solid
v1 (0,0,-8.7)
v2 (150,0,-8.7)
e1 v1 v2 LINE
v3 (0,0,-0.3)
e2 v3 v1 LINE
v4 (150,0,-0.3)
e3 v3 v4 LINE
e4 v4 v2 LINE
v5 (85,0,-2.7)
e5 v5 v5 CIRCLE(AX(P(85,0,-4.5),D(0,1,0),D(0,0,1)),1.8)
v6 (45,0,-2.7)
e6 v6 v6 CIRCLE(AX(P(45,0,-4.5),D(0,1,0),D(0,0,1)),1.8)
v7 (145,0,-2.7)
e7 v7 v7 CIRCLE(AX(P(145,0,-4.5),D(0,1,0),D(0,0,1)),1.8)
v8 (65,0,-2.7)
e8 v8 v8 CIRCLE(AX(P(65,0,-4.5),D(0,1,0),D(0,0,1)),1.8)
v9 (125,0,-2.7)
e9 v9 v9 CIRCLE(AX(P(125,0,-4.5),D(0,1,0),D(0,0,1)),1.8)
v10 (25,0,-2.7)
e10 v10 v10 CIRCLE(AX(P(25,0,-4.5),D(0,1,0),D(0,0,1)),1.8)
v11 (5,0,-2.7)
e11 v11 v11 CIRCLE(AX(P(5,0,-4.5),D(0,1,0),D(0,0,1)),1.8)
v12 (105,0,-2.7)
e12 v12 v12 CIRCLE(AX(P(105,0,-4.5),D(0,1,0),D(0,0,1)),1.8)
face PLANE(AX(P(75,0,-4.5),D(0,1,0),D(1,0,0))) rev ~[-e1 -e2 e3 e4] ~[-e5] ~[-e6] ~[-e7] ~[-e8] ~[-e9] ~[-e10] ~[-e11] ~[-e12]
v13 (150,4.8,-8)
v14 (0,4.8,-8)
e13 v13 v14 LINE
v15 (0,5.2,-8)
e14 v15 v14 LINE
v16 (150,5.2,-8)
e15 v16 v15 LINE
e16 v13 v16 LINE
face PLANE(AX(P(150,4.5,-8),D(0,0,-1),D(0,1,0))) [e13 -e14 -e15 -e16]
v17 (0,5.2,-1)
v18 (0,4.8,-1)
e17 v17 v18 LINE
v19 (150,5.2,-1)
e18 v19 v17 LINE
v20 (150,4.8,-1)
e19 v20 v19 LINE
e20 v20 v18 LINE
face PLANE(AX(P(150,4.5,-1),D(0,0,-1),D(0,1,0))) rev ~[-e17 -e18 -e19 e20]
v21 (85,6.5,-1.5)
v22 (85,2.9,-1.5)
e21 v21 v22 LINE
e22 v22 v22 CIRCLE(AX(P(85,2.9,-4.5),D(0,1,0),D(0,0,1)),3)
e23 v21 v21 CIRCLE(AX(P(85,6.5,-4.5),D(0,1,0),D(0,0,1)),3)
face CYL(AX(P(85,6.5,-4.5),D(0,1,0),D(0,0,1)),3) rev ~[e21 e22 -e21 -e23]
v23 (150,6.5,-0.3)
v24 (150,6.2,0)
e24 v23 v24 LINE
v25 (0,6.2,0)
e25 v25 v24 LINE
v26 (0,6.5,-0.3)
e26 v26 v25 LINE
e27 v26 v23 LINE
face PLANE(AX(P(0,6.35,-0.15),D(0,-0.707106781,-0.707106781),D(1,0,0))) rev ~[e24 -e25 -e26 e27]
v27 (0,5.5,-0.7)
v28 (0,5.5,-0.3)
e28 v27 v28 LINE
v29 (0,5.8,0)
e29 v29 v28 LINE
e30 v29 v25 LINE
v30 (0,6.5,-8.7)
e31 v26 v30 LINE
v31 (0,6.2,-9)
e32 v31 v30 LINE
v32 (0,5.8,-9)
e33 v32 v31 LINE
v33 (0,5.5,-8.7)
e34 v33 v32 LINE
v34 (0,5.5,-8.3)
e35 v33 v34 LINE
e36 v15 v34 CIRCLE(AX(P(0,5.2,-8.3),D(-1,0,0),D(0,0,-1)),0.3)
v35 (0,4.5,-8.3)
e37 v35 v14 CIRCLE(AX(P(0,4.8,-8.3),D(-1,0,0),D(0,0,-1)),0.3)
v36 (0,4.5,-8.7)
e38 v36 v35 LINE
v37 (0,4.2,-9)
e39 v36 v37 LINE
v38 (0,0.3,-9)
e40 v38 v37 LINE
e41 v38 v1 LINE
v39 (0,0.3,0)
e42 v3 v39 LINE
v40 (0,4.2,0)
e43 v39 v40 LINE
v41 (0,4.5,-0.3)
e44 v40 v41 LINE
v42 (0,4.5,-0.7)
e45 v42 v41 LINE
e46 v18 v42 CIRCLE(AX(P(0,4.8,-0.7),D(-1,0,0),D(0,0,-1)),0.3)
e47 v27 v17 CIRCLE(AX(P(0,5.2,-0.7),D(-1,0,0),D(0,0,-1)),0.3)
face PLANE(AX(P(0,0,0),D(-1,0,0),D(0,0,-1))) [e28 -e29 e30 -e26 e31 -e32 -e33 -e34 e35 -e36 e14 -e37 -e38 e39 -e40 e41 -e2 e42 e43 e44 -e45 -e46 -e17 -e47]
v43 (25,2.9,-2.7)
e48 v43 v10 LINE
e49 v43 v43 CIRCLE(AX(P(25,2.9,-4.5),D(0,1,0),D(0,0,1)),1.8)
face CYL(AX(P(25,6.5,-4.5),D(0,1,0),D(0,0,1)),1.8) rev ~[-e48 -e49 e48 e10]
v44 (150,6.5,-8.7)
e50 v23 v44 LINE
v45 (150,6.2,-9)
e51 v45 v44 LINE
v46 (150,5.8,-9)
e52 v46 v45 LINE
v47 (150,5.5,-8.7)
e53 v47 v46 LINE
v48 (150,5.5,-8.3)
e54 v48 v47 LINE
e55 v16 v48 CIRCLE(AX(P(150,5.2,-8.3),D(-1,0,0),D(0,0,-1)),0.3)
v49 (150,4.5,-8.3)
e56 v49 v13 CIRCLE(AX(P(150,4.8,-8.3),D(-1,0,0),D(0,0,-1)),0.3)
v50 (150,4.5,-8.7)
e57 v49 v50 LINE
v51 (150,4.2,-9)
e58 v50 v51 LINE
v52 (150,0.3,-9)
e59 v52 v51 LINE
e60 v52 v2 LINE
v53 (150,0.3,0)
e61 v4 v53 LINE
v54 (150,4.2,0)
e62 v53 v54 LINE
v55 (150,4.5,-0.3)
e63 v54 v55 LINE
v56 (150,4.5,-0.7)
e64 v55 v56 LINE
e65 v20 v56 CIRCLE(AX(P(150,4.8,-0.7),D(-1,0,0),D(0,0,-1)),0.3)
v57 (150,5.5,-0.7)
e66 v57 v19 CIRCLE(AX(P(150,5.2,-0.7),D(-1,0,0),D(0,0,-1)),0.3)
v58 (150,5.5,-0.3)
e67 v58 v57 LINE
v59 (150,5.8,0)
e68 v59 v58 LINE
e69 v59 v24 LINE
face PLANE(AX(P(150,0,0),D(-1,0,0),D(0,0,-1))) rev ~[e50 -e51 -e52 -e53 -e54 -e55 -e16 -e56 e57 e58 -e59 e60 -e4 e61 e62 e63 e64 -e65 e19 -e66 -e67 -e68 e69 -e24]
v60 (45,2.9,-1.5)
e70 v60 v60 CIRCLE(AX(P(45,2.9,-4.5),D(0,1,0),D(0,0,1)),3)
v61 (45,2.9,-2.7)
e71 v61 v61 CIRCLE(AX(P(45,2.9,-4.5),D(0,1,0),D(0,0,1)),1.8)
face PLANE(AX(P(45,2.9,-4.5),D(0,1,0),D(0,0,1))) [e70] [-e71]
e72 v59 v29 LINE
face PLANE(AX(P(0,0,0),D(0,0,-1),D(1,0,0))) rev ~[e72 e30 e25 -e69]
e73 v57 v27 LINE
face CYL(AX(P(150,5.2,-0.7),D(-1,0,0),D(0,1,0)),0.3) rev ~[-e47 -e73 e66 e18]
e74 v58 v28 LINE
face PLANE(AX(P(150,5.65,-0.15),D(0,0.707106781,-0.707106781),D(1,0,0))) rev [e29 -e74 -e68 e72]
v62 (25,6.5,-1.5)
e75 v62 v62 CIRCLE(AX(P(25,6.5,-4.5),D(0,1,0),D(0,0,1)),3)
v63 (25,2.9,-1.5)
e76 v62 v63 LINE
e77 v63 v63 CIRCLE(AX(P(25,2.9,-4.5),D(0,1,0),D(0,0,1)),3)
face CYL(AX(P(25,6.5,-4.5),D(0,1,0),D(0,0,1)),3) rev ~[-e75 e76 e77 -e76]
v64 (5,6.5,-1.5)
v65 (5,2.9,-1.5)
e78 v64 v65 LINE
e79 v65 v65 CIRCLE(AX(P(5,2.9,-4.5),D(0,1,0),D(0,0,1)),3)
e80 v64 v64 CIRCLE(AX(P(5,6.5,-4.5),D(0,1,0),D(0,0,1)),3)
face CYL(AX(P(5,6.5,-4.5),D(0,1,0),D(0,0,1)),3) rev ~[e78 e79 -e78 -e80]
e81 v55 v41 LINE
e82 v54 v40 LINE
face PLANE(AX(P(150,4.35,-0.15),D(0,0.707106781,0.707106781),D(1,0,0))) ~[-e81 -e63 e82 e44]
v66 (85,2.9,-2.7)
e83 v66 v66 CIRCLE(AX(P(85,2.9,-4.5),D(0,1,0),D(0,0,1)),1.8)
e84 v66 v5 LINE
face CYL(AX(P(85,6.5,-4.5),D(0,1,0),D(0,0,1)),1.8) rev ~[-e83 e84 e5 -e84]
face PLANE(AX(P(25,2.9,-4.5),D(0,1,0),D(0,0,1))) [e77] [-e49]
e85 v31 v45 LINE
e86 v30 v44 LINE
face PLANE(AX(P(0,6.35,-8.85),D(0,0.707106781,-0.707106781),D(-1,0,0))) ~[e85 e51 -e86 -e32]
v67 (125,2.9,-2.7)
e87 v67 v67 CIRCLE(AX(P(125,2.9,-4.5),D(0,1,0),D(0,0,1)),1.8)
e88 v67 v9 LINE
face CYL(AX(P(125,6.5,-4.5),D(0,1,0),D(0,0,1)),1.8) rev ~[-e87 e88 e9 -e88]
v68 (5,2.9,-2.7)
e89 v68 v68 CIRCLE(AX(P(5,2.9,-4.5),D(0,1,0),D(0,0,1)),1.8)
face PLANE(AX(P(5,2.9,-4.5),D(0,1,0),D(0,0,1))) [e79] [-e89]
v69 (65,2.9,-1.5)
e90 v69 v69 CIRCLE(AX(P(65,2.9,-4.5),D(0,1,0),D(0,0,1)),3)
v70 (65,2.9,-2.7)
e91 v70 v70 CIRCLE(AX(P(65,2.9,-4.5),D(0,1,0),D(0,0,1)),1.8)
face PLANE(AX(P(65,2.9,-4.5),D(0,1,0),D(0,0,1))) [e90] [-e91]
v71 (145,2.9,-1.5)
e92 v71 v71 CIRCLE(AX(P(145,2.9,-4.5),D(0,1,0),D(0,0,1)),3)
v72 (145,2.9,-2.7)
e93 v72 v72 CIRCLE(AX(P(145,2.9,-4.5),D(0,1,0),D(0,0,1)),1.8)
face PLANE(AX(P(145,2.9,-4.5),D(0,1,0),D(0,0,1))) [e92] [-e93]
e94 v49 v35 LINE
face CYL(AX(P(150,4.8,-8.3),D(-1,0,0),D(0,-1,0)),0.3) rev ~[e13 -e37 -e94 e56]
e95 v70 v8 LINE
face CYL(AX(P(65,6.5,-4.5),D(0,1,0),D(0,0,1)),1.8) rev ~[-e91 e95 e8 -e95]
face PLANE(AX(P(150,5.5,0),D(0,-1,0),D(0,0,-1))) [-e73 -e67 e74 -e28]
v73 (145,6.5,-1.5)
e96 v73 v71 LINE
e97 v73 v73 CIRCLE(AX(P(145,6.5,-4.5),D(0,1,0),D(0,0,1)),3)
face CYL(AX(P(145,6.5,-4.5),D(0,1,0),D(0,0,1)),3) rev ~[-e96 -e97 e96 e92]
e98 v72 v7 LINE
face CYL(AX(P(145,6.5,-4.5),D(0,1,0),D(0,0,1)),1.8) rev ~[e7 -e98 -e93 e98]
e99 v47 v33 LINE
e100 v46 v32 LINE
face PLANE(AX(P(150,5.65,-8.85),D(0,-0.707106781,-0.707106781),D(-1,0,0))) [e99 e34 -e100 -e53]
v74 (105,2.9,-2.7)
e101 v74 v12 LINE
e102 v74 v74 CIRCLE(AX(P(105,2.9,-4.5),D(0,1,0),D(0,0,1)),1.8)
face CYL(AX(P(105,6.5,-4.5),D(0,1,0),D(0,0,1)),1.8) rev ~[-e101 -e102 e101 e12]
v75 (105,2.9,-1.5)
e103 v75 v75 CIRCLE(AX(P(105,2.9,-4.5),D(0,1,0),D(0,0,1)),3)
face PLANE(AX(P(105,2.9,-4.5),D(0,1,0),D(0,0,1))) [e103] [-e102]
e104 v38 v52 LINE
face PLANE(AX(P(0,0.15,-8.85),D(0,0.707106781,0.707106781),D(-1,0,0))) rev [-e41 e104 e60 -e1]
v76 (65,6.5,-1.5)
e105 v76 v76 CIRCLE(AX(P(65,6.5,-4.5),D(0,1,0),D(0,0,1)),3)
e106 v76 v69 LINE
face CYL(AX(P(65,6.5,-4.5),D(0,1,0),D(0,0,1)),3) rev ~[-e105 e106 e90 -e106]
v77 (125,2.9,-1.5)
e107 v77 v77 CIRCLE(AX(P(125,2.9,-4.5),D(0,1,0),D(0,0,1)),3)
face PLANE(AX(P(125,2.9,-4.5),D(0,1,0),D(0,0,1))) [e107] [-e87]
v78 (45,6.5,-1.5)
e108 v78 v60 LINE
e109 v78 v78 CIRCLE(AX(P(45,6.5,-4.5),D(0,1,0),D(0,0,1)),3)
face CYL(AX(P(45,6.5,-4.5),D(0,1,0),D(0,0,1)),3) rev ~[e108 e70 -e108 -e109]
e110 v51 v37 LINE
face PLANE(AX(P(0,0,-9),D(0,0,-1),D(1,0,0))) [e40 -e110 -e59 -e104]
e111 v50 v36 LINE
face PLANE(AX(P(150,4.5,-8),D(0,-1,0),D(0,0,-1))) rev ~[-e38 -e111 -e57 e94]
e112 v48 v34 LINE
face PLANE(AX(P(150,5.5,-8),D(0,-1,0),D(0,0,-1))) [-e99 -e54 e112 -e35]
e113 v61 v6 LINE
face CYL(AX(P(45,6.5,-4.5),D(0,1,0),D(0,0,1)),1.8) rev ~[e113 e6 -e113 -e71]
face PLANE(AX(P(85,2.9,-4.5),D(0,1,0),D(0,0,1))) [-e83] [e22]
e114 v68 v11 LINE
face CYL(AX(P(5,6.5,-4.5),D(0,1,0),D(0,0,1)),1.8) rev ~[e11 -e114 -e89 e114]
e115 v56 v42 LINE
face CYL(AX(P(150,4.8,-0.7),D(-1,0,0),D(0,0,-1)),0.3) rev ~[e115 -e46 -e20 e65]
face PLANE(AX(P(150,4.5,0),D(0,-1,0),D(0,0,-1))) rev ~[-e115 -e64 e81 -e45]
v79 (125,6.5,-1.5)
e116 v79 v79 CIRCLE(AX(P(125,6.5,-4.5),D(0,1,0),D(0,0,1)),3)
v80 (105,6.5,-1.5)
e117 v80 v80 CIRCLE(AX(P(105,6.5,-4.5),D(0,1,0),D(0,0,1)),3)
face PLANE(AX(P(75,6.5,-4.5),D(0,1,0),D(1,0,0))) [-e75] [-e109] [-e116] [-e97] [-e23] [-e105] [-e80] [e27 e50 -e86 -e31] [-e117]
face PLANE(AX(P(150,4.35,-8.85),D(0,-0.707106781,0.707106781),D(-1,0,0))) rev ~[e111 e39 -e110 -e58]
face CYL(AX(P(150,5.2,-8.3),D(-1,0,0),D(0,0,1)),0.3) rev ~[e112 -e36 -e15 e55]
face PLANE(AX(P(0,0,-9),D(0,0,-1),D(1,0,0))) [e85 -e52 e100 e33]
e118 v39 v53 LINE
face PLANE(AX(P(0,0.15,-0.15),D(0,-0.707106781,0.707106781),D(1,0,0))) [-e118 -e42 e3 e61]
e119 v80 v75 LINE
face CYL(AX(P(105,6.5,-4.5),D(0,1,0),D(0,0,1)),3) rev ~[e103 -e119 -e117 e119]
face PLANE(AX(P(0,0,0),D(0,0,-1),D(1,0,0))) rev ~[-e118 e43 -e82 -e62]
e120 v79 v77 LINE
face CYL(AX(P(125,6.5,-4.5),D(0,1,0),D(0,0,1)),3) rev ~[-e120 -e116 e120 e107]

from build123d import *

# Parameters (mm, degrees)
SKETCH1_W           = 150
SKETCH1_H           = 9
BOSS_EXTRUDE1_DEPTH = 6.5
SKETCH2_W           = 1
SKETCH2_H           = 1
CUT_EXTRUDE1_DEPTH  = 156.5
SKETCH3_R           = 1.8
CUT_EXTRUDE2_DEPTH  = 9.5
SKETCH4_R           = 3
CUT_EXTRUDE3_DEPTH  = 3.6
FILLET1_R           = 0.3
CHAMFER1_SIZE       = 0.3


with BuildPart() as part:
    # Sketch1 → Boss-Extrude1 (new body)
    with BuildSketch(Plane(origin=(0, 0, 0), x_dir=(1, 0, 0), z_dir=(0, 1, 0))):
        with Locations((75, 4.5)):
            Rectangle(SKETCH1_W, SKETCH1_H)
    extrude(amount=BOSS_EXTRUDE1_DEPTH)

    # Sketch2 → Cut-Extrude1 (cut)
    with BuildSketch(Plane(origin=(150, 0, 0), x_dir=(0, 0, -1), z_dir=(1, 0, 0))):
        with Locations((0.5, 5)):
            Rectangle(SKETCH2_W, SKETCH2_H)
        with Locations((8.5, 5)):
            Rectangle(SKETCH2_W, SKETCH2_H)
    extrude(amount=-CUT_EXTRUDE1_DEPTH, mode=Mode.SUBTRACT)

    # Sketch3 → Cut-Extrude2 (cut)
    with BuildSketch(Plane(origin=(0, 6.5, 0), x_dir=(1, 0, 0), z_dir=(0, 1, 0))):
        with Locations(Location((5, 4.5, 0), (0, 0, 270))):
            Circle(SKETCH3_R)
        with Locations(Location((25, 4.5, 0), (0, 0, 270))):
            Circle(SKETCH3_R)
        with Locations(Location((45, 4.5, 0), (0, 0, 270))):
            Circle(SKETCH3_R)
        with Locations(Location((65, 4.5, 0), (0, 0, 270))):
            Circle(SKETCH3_R)
        with Locations(Location((85, 4.5, 0), (0, 0, 270))):
            Circle(SKETCH3_R)
        with Locations(Location((105, 4.5, 0), (0, 0, 270))):
            Circle(SKETCH3_R)
        with Locations(Location((125, 4.5, 0), (0, 0, 270))):
            Circle(SKETCH3_R)
        with Locations(Location((145, 4.5, 0), (0, 0, 270))):
            Circle(SKETCH3_R)
    extrude(amount=-CUT_EXTRUDE2_DEPTH, mode=Mode.SUBTRACT)

    # Sketch4 → Cut-Extrude3 (cut)
    with BuildSketch(Plane(origin=(0, 6.5, 0), x_dir=(1, 0, 0), z_dir=(0, 1, 0))):
        with Locations(Location((5, 4.5, 0), (0, 0, 270))):
            Circle(SKETCH4_R)
        with Locations(Location((25, 4.5, 0), (0, 0, 270))):
            Circle(SKETCH4_R)
        with Locations(Location((45, 4.5, 0), (0, 0, 270))):
            Circle(SKETCH4_R)
        with Locations(Location((65, 4.5, 0), (0, 0, 270))):
            Circle(SKETCH4_R)
        with Locations(Location((85, 4.5, 0), (0, 0, 270))):
            Circle(SKETCH4_R)
        with Locations(Location((105, 4.5, 0), (0, 0, 270))):
            Circle(SKETCH4_R)
        with Locations(Location((125, 4.5, 0), (0, 0, 270))):
            Circle(SKETCH4_R)
        with Locations(Location((145, 4.5, 0), (0, 0, 270))):
            Circle(SKETCH4_R)
    extrude(amount=-CUT_EXTRUDE3_DEPTH, mode=Mode.SUBTRACT)

    # Fillet1
    fillet1_edges = [part.edges().sort_by_distance(p)[0] for p in [
        (75, 5.5, -1),
        (75, 4.5, -1),
        (75, 4.5, -8),
        (75, 5.5, -8),
    ]]
    fillet(fillet1_edges, radius=FILLET1_R)

    # Chamfer1
    chamfer1_edges = [part.edges().sort_by_distance(p)[0] for p in [
        (75, 5.5, -9),
        (75, 4.5, -9),
        (75, 6.5, -9),
        (75, 4.5, 0),
        (75, 5.5, 0),
        (75, 0, -9),
        (75, 0, 0),
        (75, 6.5, 0),
    ]]
    chamfer(chamfer1_edges, length=CHAMFER1_SIZE)


solid = part.part
